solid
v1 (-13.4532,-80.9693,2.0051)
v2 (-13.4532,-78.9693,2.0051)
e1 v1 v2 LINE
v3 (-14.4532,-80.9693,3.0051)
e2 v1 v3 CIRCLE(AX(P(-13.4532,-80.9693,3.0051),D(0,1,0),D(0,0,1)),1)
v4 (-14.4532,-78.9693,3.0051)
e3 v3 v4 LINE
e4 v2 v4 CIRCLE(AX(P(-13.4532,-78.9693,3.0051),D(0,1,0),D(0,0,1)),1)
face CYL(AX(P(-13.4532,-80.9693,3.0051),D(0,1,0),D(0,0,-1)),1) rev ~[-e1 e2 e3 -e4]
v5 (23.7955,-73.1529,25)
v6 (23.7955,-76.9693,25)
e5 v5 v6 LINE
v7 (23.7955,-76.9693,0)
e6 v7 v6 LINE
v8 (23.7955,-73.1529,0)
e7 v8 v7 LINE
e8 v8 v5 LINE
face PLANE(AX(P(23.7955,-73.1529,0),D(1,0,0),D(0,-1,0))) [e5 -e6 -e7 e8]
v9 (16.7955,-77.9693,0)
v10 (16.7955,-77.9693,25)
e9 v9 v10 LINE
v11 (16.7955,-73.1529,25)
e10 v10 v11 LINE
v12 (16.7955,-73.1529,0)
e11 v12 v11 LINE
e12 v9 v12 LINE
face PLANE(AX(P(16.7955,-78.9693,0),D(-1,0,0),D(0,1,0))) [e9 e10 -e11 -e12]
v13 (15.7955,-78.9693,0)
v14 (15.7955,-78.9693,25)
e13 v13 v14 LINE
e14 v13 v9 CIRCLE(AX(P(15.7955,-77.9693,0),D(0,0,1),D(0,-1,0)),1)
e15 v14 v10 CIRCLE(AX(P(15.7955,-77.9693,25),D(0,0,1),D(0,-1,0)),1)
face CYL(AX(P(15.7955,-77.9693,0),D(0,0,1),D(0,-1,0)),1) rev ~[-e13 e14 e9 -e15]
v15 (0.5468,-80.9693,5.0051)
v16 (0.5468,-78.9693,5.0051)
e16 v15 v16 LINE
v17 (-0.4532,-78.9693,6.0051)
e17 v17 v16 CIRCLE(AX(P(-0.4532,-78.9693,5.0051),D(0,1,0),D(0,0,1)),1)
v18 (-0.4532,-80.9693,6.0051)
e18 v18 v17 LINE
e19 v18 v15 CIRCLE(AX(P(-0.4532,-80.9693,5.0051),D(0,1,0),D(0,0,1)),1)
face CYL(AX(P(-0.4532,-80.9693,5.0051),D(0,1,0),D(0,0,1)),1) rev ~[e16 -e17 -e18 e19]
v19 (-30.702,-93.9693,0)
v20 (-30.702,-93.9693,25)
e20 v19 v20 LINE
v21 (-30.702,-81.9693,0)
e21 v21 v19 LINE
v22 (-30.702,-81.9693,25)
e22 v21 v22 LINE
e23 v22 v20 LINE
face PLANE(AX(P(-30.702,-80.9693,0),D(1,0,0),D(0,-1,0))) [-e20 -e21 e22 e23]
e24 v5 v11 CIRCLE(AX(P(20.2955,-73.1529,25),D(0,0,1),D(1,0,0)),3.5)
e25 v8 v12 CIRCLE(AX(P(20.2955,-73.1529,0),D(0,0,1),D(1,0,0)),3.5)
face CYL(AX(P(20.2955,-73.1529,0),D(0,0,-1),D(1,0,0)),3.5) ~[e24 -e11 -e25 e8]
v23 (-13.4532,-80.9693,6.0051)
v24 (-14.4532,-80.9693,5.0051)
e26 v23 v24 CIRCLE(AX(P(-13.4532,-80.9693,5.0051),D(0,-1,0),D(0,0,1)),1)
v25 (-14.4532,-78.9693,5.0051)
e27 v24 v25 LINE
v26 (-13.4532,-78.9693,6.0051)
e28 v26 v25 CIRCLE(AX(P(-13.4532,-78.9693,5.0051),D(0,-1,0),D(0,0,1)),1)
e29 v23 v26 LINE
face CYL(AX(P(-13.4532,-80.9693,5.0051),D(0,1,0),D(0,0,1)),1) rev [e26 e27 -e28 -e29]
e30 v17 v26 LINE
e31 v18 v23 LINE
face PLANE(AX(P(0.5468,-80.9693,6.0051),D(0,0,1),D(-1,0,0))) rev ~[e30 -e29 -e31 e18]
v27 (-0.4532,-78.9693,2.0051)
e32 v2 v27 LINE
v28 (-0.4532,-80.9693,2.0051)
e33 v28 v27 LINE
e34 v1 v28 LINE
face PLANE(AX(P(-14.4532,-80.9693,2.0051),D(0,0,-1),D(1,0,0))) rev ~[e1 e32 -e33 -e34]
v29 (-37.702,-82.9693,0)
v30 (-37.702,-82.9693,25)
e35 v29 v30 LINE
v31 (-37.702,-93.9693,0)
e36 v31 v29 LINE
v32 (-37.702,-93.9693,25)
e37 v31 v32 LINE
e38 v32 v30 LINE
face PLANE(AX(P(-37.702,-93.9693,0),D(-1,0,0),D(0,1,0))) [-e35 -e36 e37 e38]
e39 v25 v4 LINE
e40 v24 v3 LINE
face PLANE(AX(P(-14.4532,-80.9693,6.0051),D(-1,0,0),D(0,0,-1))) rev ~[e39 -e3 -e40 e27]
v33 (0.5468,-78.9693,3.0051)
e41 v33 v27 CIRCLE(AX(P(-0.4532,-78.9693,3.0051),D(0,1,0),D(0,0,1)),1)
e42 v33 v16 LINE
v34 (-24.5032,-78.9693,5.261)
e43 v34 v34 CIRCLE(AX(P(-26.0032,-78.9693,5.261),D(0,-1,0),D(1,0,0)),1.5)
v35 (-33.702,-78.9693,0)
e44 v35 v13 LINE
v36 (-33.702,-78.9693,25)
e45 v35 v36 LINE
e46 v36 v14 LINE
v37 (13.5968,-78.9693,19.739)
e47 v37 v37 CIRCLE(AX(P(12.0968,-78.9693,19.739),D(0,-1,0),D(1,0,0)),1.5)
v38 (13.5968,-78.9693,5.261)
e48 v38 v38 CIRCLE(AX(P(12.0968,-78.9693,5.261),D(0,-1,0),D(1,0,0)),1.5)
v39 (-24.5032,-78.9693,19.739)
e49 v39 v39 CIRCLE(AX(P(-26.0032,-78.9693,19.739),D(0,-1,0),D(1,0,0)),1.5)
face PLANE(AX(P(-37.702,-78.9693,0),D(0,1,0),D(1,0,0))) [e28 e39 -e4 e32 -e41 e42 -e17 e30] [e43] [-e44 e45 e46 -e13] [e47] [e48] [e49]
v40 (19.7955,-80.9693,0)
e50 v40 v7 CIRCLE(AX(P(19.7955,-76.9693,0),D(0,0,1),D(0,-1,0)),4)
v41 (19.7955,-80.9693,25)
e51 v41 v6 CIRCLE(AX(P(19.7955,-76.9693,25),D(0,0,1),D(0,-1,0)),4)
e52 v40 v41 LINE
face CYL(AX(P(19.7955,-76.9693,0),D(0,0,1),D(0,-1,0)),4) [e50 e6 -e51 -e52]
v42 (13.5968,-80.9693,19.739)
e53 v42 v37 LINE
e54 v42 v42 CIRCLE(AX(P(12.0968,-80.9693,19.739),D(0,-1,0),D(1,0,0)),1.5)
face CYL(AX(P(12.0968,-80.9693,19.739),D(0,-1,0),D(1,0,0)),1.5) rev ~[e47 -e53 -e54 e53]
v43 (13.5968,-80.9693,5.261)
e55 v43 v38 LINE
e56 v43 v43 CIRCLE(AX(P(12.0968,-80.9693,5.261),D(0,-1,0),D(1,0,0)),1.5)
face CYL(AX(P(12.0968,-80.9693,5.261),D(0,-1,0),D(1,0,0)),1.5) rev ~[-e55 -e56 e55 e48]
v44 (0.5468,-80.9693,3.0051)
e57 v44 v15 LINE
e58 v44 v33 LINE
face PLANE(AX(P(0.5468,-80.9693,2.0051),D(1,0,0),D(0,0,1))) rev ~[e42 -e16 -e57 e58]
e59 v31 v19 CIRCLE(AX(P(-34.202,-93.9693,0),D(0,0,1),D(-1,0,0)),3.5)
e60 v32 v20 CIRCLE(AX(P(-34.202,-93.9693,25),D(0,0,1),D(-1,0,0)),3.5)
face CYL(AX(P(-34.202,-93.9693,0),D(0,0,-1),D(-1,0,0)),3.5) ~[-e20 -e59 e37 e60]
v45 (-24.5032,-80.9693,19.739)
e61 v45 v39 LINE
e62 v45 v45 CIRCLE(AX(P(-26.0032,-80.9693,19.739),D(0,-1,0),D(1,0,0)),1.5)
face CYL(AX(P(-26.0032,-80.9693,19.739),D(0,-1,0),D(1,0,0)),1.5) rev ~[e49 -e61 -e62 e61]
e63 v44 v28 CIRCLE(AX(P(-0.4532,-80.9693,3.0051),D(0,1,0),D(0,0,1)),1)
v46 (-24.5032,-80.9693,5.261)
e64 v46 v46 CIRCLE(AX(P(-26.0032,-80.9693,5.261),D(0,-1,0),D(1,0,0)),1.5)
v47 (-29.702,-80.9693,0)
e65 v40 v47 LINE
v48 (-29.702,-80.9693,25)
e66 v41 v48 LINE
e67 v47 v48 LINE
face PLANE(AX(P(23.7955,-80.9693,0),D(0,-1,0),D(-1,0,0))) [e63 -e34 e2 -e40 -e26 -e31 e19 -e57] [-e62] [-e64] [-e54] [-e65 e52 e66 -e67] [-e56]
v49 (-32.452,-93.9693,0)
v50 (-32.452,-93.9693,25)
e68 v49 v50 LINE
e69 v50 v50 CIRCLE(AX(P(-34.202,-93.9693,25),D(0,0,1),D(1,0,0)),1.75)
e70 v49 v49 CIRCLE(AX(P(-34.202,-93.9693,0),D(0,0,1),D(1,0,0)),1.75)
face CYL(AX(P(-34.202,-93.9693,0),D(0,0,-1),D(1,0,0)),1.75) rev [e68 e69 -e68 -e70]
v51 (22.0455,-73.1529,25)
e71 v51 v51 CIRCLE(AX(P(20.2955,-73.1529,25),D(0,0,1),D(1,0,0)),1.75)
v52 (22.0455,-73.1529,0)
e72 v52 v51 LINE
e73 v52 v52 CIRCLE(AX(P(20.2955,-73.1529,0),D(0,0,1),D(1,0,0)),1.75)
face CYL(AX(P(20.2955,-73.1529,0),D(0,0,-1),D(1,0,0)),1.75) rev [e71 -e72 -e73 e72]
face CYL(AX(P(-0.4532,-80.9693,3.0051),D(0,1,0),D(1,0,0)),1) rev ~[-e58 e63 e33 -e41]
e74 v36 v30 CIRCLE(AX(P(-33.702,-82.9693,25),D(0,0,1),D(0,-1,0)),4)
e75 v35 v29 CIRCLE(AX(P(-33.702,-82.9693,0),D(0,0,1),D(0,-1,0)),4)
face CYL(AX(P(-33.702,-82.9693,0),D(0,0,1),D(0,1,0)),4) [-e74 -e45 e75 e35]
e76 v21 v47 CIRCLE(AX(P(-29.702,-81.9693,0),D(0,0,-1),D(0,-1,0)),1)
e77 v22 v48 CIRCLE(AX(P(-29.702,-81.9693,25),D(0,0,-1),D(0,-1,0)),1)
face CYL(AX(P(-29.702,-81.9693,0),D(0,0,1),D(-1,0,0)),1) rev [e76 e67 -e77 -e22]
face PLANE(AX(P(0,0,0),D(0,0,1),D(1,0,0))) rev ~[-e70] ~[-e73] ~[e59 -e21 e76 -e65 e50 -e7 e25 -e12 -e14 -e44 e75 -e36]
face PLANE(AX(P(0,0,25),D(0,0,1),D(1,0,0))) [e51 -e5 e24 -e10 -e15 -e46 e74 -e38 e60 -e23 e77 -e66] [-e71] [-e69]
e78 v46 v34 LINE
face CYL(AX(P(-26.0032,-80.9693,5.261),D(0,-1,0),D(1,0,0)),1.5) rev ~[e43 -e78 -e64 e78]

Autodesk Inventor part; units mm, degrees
ref_plane "YZ Plane" through (0, 0, 0) normal (1, 0, 0) x (0, 1, 0)
ref_plane "XZ Plane" through (0, 0, 0) normal (0, 1, 0) x (-1, 0, 0)
ref_plane "XY Plane" through (0, 0, 0) normal (0, 0, 1) x (1, 0, 0)
sketch "Skizze2" plane through (0, 0, 0) normal (0, 0, 1) x (1, 0, 0)
  line L0 (0, 0) -> (36.75, -63.6529) construction
  line L1 (0, 0) -> (73.5, 0) construction
  line L2 (36.75, -63.6529) -> (20.2955, -73.1529) construction
  line L3 (0, 0) -> (-34.202, -93.9693) construction
  line L4 (0, 0) -> (100, 0) construction
  circle A0 centre (-34.202, -93.9693) radius 1.75
  circle A1 centre (20.2955, -73.1529) radius 1.75
  arc A2 (-37.702, -93.9693) -> (-30.702, -93.9693) centre (-34.202, -93.9693) ccw
  arc A3 (23.7955, -73.1529) -> (16.7955, -73.1529) centre (20.2955, -73.1529) ccw
  line L5 (-37.702, -93.9693) -> (-37.702, -78.9693)
  line L6 (-37.702, -78.9693) -> (16.7955, -78.9693)
  line L7 (16.7955, -78.9693) -> (16.7955, -73.1529)
  line L8 (23.7955, -73.1529) -> (23.7955, -80.9693)
  line L9 (23.7955, -80.9693) -> (-30.702, -80.9693)
  line L10 (-30.702, -80.9693) -> (-30.702, -93.9693)
  line L11 (-30.702, -93.9693) -> (-37.702, -93.9693) construction
  line L12 (16.7955, -73.1529) -> (23.7955, -73.1529) construction
  dimension "d16" = 73.5
  dimension "d17" = 60
  dimension "d18" = 19
  dimension "d19" = 100
  dimension "d20" = 110
  dimension "d21" = 3.5
  dimension "d22" = 7
  dimension "d23" = 2
  dimension "d24" = 13
extrude "Extrusion2" add sketch "Skizze2" along normal blind 25
sketch "Skizze3" plane through (-30.702, -80.9693, 0) normal (0, -1, 0) x (1, 0, 0)
  line L0 (4.6988, 19.739) -> (42.7988, 19.739) construction
  line L1 (42.7988, 19.739) -> (42.7988, 5.261) construction
  line L2 (42.7988, 5.261) -> (4.6988, 5.261) construction
  line L3 (4.6988, 5.261) -> (4.6988, 19.739) construction
  line L4 (0, 0) -> (0, 25) construction
  line L5 (0, 12.5) -> (47.4975, 12.5) construction
  line L6 (47.4975, 0) -> (47.4975, 25) construction
  line L7 (0, 25) -> (54.4975, 25) construction
  line L8 (23.7488, 25) -> (23.7488, 0) construction
  line L9 (0, 0) -> (54.4975, 0) construction
  circle A0 centre (42.7988, 19.739) radius 1.5
  circle A1 centre (4.6988, 5.261) radius 1.5
  line L10 (2.1588, 22.4949) -> (45.3388, 22.4949) construction
  line L11 (45.3388, 22.4949) -> (45.3388, 2.5051) construction
  line L12 (45.3388, 2.5051) -> (2.1588, 2.5051) construction
  line L13 (2.1588, 2.5051) -> (2.1588, 22.4949) construction
  line L14 (16.2488, 2.0051) -> (31.2488, 2.0051)
  line L15 (31.2488, 2.0051) -> (31.2488, 6.0051)
  line L16 (31.2488, 6.0051) -> (16.2488, 6.0051)
  line L17 (16.2488, 6.0051) -> (16.2488, 2.0051)
  circle A2 centre (4.6988, 19.739) radius 1.5
  circle A3 centre (42.7988, 5.261) radius 1.5
  point P0 (30.702, 0)
  point P1 (23.7488, 12.5)
  point P2 (23.7488, 19.739)
  point P3 (42.7988, 12.5)
  point P4 (23.7488, 22.4949)
  point P5 (45.3388, 12.5)
  point P6 (23.7488, 6.0051)
  dimension "d27" = 38.1
  dimension "d28" = 14.478
  dimension "d29" = 3
  dimension "d30" = 43.18
  dimension "d31" = 19.9898
  dimension "d32" = 15
  dimension "d33" = 4
  dimension "d39" = 0.5
extrude "Extrusion3" cut sketch "Skizze3" against normal up to next
fillet "Rundung1" radius 1 4 edges at (-14.4532, -79.9693, 2.0051) (-14.4532, -79.9693, 6.0051) (0.5468, -79.9693, 2.0051) (0.5468, -79.9693, 6.0051)
fillet "Rundung2" radius 4 2 edges at (23.7955, -80.9693, 12.5) (-37.702, -78.9693, 12.5)
fillet "Rundung3" radius 1 2 edges at (16.7955, -78.9693, 12.5) (-30.702, -80.9693, 12.5)
properties part number "US Halterung rechts" material "ABS-Kunststoff"
